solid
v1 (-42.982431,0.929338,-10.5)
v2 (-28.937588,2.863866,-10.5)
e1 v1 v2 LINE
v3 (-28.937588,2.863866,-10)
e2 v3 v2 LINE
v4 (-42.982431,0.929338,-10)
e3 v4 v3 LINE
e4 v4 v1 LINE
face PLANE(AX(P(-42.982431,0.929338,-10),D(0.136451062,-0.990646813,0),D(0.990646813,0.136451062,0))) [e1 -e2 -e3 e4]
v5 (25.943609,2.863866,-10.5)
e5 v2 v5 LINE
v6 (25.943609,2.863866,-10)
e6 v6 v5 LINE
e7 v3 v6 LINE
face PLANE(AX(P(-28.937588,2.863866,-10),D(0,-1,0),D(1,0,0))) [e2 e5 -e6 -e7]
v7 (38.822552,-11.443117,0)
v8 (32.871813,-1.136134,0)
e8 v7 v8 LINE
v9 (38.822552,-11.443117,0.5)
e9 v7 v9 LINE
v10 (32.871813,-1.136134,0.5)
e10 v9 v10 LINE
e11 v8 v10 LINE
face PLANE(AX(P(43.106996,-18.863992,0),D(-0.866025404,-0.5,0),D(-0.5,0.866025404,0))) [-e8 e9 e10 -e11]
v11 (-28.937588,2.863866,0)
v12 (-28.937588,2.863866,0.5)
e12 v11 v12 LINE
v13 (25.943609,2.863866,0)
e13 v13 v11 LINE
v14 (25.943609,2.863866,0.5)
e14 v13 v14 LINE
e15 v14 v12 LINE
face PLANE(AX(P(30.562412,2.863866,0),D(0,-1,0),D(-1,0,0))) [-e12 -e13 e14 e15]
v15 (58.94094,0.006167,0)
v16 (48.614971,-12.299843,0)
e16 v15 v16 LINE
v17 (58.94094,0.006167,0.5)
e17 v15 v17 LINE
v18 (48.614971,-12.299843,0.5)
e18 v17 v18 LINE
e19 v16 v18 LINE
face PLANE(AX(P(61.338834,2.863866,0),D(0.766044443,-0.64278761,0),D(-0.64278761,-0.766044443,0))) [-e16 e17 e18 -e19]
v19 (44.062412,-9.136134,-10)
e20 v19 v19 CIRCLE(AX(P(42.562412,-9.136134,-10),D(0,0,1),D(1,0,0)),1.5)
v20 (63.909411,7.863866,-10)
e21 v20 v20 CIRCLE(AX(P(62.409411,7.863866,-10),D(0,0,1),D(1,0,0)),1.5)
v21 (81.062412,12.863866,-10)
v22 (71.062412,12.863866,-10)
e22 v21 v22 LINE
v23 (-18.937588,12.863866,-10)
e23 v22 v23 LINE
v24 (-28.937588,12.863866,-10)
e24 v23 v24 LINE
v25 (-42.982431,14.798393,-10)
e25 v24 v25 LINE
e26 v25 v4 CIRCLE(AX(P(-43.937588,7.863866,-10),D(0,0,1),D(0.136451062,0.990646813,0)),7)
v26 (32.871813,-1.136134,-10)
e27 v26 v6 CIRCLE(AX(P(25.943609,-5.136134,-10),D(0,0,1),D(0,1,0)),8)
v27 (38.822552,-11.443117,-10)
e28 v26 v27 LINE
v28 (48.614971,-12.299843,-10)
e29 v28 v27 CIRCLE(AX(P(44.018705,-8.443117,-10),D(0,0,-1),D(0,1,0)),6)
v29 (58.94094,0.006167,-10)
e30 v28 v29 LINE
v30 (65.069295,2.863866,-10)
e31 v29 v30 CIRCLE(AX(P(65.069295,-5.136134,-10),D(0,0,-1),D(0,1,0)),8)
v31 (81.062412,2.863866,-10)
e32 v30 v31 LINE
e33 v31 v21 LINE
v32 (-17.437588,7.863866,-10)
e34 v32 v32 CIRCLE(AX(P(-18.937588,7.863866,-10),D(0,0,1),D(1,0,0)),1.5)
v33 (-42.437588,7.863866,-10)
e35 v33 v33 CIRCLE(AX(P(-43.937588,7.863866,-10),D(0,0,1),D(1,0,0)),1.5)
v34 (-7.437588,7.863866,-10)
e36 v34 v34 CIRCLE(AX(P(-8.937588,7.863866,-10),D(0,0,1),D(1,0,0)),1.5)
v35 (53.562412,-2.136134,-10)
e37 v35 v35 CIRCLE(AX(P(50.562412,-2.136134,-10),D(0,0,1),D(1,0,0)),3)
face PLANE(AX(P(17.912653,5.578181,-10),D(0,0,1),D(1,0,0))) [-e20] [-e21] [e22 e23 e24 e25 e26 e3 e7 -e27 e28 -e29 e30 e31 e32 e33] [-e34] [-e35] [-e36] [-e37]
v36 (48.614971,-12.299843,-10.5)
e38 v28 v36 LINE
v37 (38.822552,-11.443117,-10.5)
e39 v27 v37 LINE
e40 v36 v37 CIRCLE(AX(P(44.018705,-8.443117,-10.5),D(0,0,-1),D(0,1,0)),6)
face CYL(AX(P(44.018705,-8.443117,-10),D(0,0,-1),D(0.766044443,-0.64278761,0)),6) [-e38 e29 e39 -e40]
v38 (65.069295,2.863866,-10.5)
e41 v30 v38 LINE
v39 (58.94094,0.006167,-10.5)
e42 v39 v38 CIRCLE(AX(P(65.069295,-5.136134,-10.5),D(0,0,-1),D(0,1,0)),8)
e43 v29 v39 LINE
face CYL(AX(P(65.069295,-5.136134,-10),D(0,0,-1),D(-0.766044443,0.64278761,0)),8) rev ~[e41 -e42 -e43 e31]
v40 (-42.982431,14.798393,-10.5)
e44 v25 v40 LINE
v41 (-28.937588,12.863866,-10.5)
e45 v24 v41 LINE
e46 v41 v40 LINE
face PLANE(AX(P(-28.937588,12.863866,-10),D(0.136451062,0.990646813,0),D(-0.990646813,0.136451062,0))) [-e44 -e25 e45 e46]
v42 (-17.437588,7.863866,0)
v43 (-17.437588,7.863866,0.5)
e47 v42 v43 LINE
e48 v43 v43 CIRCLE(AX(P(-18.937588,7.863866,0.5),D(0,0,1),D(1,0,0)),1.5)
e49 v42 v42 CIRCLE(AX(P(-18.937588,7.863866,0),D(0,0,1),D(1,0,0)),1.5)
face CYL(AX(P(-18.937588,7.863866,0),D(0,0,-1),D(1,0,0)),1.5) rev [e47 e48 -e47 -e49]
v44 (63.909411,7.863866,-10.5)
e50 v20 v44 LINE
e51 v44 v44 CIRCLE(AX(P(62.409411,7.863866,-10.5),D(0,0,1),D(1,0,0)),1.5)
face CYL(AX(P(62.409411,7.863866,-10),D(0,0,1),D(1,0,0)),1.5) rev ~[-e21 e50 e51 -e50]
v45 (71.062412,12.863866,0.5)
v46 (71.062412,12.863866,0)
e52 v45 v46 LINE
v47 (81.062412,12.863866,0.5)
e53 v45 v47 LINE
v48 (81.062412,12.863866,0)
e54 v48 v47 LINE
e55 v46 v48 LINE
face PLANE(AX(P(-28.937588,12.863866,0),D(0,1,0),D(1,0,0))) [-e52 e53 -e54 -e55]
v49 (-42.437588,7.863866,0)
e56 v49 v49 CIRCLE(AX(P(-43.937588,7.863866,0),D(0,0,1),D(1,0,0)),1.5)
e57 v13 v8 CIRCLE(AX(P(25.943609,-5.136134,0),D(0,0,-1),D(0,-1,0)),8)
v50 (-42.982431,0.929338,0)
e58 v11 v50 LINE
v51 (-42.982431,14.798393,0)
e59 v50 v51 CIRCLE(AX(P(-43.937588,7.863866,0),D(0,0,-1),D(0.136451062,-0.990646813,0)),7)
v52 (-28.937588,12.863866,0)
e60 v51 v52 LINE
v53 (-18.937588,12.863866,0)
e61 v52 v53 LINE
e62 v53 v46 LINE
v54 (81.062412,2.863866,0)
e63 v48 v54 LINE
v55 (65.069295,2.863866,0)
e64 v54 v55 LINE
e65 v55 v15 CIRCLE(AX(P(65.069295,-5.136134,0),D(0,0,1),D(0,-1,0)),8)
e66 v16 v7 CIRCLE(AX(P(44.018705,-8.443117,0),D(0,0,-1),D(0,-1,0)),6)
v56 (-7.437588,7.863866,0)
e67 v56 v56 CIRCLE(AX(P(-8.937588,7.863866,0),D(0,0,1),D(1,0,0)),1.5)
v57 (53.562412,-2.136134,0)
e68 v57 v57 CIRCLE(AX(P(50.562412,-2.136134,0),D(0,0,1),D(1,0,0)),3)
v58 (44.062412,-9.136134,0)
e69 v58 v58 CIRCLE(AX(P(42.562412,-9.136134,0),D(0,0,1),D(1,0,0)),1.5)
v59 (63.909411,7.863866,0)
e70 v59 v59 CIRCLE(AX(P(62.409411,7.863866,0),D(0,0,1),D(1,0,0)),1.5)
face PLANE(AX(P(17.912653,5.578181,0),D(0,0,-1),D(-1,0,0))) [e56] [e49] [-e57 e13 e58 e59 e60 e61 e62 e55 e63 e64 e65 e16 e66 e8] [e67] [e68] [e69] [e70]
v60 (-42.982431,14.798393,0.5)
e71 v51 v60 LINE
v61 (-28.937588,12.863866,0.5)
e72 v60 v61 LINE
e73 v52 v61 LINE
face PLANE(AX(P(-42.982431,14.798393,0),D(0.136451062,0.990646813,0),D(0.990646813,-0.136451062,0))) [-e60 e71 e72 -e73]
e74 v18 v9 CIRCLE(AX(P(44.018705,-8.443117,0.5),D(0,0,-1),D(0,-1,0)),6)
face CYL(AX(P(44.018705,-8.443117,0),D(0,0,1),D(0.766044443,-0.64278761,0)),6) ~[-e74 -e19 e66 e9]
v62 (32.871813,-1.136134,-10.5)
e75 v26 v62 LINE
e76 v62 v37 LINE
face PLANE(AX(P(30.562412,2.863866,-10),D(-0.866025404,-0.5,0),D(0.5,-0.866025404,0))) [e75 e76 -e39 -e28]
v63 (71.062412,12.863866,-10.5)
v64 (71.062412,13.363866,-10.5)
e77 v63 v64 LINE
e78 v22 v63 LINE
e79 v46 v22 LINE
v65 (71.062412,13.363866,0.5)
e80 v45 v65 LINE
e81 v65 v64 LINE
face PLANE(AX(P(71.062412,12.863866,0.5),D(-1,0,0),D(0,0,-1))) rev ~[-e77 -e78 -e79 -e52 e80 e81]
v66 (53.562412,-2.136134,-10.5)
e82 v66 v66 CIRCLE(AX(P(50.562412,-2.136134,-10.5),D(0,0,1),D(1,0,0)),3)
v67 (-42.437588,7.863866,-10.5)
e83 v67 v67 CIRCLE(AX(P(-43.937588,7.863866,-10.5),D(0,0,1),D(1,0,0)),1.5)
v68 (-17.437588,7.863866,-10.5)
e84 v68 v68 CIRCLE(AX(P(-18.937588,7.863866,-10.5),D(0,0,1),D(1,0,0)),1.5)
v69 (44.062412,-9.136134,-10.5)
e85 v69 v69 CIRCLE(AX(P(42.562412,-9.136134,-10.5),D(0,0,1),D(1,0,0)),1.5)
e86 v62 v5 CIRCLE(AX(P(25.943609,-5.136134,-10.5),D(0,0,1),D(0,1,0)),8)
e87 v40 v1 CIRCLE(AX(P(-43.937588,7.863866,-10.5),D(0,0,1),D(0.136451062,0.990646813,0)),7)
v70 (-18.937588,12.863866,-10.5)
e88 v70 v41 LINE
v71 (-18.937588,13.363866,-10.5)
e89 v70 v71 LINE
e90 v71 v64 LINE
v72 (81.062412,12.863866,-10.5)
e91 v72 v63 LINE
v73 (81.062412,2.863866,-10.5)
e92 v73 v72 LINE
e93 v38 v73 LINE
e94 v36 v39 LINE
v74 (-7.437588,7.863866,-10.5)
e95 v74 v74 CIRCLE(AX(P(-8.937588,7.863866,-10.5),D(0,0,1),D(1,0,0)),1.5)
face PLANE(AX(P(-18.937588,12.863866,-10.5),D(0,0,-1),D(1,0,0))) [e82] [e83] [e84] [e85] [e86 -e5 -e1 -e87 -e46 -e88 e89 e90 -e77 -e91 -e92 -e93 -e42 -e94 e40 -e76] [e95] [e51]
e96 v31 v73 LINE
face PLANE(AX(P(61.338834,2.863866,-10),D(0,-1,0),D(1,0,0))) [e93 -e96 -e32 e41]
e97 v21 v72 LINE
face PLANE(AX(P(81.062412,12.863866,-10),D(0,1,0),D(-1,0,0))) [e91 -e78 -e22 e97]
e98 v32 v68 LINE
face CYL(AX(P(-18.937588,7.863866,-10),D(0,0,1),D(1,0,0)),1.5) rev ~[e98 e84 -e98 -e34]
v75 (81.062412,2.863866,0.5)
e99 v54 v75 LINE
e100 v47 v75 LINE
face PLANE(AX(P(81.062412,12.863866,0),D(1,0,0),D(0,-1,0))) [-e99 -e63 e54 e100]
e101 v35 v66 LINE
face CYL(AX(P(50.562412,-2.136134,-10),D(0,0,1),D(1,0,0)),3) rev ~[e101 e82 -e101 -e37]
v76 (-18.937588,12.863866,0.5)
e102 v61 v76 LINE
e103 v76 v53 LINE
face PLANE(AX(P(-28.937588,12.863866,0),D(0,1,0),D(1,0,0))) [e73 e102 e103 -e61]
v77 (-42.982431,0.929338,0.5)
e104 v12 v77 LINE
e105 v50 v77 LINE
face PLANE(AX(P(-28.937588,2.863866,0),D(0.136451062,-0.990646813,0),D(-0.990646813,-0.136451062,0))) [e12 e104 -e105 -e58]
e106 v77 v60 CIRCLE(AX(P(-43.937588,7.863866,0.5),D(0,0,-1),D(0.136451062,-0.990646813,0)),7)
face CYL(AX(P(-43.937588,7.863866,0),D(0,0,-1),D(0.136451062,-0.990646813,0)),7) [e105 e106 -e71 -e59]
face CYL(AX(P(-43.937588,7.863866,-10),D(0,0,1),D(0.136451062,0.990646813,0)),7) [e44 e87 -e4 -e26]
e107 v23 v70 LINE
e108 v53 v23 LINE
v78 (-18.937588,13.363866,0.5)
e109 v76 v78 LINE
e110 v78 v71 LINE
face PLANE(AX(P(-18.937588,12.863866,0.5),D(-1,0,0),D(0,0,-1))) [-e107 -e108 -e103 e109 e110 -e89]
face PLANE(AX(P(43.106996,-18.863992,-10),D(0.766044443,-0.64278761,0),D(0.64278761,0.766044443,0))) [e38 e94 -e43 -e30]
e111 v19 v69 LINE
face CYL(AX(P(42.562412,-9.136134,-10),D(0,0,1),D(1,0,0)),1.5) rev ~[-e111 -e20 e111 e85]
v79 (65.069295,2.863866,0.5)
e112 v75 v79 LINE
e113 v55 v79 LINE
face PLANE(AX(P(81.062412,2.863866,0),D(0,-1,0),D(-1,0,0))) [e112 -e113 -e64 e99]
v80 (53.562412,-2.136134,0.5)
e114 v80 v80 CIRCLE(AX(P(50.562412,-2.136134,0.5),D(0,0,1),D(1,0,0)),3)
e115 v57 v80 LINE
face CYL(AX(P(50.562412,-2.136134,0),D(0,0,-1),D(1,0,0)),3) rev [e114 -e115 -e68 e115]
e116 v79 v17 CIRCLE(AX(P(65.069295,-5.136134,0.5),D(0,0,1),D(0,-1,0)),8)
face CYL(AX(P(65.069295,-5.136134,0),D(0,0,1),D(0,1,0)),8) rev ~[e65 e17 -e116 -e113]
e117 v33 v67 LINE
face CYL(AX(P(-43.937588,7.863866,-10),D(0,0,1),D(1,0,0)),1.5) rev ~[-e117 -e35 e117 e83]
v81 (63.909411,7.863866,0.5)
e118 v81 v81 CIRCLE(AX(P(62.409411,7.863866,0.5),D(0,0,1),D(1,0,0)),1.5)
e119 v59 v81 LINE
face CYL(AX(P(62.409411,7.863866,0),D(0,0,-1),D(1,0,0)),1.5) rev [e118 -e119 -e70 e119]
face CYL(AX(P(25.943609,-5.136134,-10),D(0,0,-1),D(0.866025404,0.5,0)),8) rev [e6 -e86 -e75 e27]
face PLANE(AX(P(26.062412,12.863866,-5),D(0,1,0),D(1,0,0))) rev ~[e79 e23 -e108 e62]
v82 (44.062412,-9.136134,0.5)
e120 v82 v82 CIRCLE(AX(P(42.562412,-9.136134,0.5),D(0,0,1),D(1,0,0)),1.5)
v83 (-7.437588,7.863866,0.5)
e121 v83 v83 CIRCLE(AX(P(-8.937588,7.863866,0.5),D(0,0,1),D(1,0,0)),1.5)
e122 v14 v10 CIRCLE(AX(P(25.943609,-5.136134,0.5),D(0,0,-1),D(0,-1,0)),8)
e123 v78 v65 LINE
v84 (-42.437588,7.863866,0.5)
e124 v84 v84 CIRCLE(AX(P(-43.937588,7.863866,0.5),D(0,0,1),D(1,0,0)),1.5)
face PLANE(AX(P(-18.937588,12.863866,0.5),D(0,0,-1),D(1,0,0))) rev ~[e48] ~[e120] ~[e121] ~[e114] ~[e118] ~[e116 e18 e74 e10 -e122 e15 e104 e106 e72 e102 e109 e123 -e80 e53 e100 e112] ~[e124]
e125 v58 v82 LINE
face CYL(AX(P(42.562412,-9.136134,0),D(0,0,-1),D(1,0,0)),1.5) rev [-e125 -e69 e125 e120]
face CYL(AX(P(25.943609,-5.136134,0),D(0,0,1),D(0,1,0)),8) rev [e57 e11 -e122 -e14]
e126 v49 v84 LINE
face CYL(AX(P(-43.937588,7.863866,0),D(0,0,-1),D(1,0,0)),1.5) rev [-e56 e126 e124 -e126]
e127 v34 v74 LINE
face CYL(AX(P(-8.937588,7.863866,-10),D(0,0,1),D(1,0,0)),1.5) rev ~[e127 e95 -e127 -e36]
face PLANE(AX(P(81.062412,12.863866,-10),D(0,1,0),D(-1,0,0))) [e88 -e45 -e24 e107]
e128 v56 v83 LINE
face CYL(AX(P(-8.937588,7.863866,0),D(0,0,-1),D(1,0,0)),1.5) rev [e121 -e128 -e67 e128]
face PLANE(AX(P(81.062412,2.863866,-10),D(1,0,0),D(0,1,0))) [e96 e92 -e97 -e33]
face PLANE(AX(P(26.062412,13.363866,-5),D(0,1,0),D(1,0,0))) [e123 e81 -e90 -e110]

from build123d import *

# Parameters (mm, degrees)
SKETCH_1_R      = 1.5
SKETCH_1_R_2    = 3
EXTRUDE_1_DEPTH = 0.5
SKETCH_3_R      = 3
SKETCH_3_R_2    = 1.5
EXTRUDE_2_DEPTH = 0.5
SKETCH_4_W      = 90
SKETCH_4_H      = 11
EXTRUDE_3_DEPTH = 0.5
FILLET_1_R      = 8
FILLET_2_R      = 6


with BuildPart() as part:
    # 草图1 → 凸台-拉伸1 (new body)
    with BuildSketch(Plane.XY):
        with BuildLine():
            Line((-28.937588447, 12.863865809), (81.062411553, 12.863865809))
            Line((81.062411553, 12.863865809), (81.062411553, 2.863865809))
            Line((81.062411553, 2.863865809), (61.338833841, 2.863865809))
            Line((61.338833841, 2.863865809), (43.106996214, -18.863992184))
            Line((43.106996214, -18.863992184), (30.562411553, 2.863865809))
            Line((30.562411553, 2.863865809), (-28.937588447, 2.863865809))
            Line((-28.937588447, 2.863865809), (-42.98243101, 0.92933812))
            ThreePointArc((-42.98243101, 0.92933812), (-50.937588447, 7.863865809), (-42.98243101, 14.798393498))
            Line((-42.98243101, 14.798393498), (-28.937588447, 12.863865809))
        make_face()
        with Locations((-43.937588447, 7.863865809)):
            Circle(SKETCH_1_R, mode=Mode.SUBTRACT)
        with Locations((42.562411553, -9.136134191)):
            Circle(SKETCH_1_R, mode=Mode.SUBTRACT)
        with Locations((50.562411553, -2.136134191)):
            Circle(SKETCH_1_R_2, mode=Mode.SUBTRACT)
        with Locations((-18.937588447, 7.863865809)):
            Circle(SKETCH_1_R, mode=Mode.SUBTRACT)
        with Locations((-8.937588447, 7.863865809)):
            Circle(SKETCH_1_R, mode=Mode.SUBTRACT)
        with Locations((62.409410938, 7.863865809)):
            Circle(SKETCH_1_R, mode=Mode.SUBTRACT)
    extrude(amount=EXTRUDE_1_DEPTH)



with BuildPart() as body_2:
    # 草图3 → 凸台-拉伸2 (new body)
    with BuildSketch(Plane.XY.offset(-10)):
        with BuildLine():
            Line((43.106996214, -18.863992184), (61.338833841, 2.863865809))
            Line((61.338833841, 2.863865809), (81.062411553, 2.863865809))
            Line((81.062411553, 2.863865809), (81.062411553, 12.863865809))
            Line((81.062411553, 12.863865809), (-28.937588447, 12.863865809))
            Line((-28.937588447, 12.863865809), (-42.98243101, 14.798393498))
            ThreePointArc((-42.98243101, 14.798393498), (-50.937588447, 7.863865809), (-42.98243101, 0.92933812))
            Line((-42.98243101, 0.92933812), (-28.937588447, 2.863865809))
            Line((-28.937588447, 2.863865809), (30.562411553, 2.863865809))
            Line((30.562411553, 2.863865809), (43.106996214, -18.863992184))
        make_face()
        with Locations((50.562411553, -2.136134191)):
            Circle(SKETCH_3_R, mode=Mode.SUBTRACT)
        with Locations((42.562411553, -9.136134191)):
            Circle(SKETCH_3_R_2, mode=Mode.SUBTRACT)
        with Locations((-43.937588447, 7.863865809)):
            Circle(SKETCH_3_R_2, mode=Mode.SUBTRACT)
        with Locations((62.409410938, 7.863865809)):
            Circle(SKETCH_3_R_2, mode=Mode.SUBTRACT)
        with Locations((-8.937588447, 7.863865809)):
            Circle(SKETCH_3_R_2, mode=Mode.SUBTRACT)
        with Locations((-18.937588447, 7.863865809)):
            Circle(SKETCH_3_R_2, mode=Mode.SUBTRACT)
    extrude(amount=-EXTRUDE_2_DEPTH)


with BuildPart() as part_1:
    add(part.part)

    add(body_2.part)  # 凸台-拉伸3 merges body 2
    # 草图4 → 凸台-拉伸3 (add)
    with BuildSketch(Plane(origin=(0, 12.863865809, 0), x_dir=(1, 0, 0), z_dir=(0, 1, 0))):
        with Locations((26.062411553, 5)):
            Rectangle(SKETCH_4_W, SKETCH_4_H)
    extrude(amount=EXTRUDE_3_DEPTH)

    # 圆角1
    fillet_1_edges = [part_1.edges().sort_by_distance(p)[0] for p in [
        (61.338833841, 2.863865809, 0.25),
        (30.562411553, 2.863865809, 0.25),
        (30.562411553, 2.863865809, -10.25),
        (61.338833841, 2.863865809, -10.25),
    ]]
    fillet(fillet_1_edges, radius=FILLET_1_R)

    # 圆角2
    fillet_2_edges = [part_1.edges().sort_by_distance(p)[0] for p in [
        (43.106996214, -18.863992184, 0.25),
        (43.106996214, -18.863992184, -10.25),
    ]]
    fillet(fillet_2_edges, radius=FILLET_2_R)


solid = part_1.part
